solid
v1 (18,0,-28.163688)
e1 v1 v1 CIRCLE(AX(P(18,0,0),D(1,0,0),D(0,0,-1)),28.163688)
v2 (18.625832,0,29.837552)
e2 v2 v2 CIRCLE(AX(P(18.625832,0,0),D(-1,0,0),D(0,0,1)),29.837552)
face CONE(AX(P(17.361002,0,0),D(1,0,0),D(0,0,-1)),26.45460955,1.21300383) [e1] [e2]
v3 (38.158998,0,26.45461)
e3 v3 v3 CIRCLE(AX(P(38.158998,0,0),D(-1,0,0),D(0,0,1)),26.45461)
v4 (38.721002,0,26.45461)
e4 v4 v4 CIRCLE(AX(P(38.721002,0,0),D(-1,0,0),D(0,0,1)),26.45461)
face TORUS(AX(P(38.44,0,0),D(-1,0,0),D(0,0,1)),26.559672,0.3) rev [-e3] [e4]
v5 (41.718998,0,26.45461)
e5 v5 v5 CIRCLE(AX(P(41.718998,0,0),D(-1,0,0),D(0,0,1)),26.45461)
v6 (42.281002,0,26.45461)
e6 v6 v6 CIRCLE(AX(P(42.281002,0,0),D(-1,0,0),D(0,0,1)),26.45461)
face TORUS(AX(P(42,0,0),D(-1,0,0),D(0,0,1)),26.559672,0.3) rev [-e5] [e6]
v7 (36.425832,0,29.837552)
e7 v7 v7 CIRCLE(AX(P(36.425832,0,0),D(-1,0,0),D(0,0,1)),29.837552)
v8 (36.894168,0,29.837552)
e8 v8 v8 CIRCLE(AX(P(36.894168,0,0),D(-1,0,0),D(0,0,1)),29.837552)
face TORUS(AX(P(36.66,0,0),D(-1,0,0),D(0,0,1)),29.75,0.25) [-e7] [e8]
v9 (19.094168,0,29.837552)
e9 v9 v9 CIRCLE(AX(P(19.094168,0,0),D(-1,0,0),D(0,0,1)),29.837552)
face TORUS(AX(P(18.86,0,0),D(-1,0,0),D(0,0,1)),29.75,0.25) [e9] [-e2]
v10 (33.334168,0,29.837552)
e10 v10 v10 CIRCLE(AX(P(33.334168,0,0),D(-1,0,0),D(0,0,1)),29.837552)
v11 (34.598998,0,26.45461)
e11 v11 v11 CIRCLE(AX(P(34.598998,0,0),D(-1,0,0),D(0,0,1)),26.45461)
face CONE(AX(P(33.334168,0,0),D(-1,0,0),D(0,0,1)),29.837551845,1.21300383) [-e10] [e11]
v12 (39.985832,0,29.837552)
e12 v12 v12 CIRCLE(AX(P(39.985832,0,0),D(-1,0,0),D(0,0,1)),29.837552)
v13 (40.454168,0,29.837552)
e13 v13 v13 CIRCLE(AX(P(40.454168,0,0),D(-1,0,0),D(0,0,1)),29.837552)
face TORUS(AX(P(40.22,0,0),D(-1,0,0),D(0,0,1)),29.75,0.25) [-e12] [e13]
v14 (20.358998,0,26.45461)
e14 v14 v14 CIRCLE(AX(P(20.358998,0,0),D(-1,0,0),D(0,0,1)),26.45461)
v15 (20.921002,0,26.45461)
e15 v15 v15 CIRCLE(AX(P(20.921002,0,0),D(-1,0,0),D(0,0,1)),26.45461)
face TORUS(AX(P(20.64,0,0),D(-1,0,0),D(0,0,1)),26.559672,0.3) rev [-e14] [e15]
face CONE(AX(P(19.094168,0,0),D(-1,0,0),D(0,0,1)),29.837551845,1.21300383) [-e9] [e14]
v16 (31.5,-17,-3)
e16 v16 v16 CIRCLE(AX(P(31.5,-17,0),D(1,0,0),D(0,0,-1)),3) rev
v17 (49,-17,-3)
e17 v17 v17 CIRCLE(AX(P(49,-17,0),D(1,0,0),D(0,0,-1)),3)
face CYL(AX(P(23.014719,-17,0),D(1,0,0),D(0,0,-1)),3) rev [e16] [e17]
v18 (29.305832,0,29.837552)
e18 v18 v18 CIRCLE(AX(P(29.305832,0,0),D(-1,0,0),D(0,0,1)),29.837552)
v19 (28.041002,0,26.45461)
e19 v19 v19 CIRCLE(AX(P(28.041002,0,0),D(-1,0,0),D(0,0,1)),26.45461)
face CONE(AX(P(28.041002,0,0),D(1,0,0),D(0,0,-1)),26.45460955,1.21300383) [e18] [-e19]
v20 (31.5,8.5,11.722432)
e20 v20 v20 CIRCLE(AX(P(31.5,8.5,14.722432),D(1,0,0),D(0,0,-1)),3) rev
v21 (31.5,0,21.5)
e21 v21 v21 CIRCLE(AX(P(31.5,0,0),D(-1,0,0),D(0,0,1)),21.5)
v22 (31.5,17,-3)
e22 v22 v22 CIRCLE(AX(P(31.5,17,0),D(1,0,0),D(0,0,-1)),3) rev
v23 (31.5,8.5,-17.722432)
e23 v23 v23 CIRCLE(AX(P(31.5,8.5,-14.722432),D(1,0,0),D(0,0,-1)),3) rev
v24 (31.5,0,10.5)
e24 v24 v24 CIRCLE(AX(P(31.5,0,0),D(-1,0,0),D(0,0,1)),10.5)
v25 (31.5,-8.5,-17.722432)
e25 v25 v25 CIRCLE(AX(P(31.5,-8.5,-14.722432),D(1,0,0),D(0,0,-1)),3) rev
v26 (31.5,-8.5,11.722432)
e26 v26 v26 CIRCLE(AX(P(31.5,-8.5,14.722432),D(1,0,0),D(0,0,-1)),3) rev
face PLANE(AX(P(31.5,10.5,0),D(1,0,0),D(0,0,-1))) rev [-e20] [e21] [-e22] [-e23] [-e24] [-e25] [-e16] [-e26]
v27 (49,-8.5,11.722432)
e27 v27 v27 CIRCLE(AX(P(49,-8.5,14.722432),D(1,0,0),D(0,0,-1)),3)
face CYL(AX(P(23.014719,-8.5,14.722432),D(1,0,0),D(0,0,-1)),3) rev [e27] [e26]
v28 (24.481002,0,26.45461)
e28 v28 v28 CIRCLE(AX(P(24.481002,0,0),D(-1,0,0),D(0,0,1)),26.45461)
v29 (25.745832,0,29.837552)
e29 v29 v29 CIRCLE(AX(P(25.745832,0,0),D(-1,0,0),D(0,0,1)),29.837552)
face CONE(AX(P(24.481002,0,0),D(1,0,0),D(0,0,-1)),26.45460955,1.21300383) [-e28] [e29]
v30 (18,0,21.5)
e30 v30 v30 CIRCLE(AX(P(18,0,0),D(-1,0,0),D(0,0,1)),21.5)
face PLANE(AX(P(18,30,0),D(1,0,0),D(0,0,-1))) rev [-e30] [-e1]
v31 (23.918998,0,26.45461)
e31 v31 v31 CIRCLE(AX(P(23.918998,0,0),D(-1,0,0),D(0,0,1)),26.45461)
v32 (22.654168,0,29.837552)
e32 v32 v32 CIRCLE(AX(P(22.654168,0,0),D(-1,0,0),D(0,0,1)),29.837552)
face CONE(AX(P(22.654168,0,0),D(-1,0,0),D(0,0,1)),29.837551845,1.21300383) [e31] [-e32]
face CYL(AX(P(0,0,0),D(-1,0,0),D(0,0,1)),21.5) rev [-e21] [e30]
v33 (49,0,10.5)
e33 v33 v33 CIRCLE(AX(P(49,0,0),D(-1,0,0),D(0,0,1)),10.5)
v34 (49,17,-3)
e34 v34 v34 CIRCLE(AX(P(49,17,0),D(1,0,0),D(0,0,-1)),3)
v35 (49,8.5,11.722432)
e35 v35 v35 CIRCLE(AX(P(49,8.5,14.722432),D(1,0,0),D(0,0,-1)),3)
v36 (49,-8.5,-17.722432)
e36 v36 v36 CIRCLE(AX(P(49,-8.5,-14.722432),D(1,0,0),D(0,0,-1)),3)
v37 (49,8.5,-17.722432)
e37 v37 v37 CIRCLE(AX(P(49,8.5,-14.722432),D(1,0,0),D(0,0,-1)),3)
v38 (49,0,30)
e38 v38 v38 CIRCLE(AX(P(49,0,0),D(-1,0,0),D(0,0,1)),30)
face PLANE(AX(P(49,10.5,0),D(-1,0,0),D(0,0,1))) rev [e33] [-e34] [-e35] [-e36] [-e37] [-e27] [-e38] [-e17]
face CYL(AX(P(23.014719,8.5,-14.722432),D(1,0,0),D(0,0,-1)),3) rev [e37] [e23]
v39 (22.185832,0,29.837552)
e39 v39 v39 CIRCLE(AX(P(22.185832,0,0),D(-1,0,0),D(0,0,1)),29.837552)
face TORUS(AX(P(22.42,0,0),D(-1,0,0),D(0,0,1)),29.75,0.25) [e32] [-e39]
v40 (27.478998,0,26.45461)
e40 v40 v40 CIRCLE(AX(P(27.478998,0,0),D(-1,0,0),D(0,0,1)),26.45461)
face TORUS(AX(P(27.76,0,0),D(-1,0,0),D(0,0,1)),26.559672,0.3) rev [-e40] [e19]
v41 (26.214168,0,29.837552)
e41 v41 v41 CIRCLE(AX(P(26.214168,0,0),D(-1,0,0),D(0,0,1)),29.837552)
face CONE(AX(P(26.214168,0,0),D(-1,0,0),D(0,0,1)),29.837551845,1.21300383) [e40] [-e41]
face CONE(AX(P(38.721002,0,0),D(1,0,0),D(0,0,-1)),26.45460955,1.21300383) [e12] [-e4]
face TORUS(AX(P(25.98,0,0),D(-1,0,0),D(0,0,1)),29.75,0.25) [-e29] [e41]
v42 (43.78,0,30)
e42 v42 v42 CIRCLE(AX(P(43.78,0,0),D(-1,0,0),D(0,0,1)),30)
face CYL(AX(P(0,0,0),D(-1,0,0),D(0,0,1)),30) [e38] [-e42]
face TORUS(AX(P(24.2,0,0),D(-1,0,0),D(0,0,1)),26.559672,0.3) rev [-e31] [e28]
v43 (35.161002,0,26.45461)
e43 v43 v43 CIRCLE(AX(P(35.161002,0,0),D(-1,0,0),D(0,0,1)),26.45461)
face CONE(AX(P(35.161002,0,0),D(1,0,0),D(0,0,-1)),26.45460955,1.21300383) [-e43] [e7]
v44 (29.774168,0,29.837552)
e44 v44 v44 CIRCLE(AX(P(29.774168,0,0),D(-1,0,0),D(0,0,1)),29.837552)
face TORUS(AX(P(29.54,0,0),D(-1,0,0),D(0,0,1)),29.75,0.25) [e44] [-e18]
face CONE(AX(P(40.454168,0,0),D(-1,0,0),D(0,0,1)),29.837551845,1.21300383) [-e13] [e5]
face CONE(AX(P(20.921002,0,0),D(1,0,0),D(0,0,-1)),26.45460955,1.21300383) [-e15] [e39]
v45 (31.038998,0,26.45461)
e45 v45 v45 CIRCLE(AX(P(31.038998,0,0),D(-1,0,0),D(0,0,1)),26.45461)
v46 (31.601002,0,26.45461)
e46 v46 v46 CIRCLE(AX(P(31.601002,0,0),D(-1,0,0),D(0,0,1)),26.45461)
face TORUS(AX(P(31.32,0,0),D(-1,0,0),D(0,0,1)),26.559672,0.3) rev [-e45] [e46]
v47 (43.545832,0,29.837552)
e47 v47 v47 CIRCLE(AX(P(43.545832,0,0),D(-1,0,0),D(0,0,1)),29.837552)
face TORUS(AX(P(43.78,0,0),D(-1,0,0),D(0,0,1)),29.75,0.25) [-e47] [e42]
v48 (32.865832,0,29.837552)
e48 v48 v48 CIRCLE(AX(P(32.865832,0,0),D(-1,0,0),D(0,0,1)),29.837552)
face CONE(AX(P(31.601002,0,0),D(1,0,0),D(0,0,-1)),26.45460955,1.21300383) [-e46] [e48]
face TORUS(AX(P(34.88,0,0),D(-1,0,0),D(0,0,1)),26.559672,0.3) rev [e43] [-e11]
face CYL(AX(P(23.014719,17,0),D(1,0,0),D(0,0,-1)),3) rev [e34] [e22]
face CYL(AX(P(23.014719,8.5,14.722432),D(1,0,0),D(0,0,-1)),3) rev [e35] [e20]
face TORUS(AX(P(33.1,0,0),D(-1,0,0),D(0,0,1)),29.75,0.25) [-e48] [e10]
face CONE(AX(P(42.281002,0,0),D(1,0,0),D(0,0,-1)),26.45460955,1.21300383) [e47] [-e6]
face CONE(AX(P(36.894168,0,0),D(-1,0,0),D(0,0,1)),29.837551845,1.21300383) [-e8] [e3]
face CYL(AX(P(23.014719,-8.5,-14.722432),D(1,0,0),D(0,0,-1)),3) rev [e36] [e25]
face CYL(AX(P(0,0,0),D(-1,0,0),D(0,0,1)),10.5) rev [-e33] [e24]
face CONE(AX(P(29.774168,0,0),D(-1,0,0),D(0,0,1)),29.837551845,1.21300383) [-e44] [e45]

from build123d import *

# Parameters (mm, degrees)
LPATTERN1_COUNT    = 8
LPATTERN1_PITCH    = 3.56
SKETCH3_R          = 3
CUT_EXTRUDE1_DEPTH = 17.5


with BuildPart() as part:
    # Sketch1 → Revolve1 (revolve)
    with BuildSketch(Plane.XY, mode=Mode.PRIVATE) as revolve1_sk:
        Polygon((49, 10.5), (49, 30), (18, 30), (18, 21.5), (31.5, 21.5), (31.5, 10.5), align=None)
    revolve(revolve1_sk.sketch.rotate(Axis((0, 0, 0), (1, 0, 0)), 90), axis=Axis((0, 0, 0), (1, 0, 0)))

    # Sketch2 → Cut-Revolve1 (revolve, cut)
    with BuildSketch(Plane.XY, mode=Mode.PRIVATE) as cut_revolve1_sk:
        with BuildLine():
            Line((43.545831953, 29.837551845), (42.281001657, 26.45460955))
            ThreePointArc((42.281001657, 26.45460955), (42, 26.259671764), (41.718998343, 26.45460955))
            Line((41.718998343, 26.45460955), (40.454168047, 29.837551845))
            ThreePointArc((40.454168047, 29.837551845), (40.362499191, 29.955411734), (40.22, 30))
            Line((40.22, 30), (43.78, 30))
            ThreePointArc((43.78, 30), (43.637500809, 29.955411734), (43.545831953, 29.837551845))
        make_face()
    cut_revolve1 = revolve(cut_revolve1_sk.sketch.rotate(Axis((0, 0, 0), (1, 0, 0)), 90), axis=Axis((0, 0, 0), (1, 0, 0)), mode=Mode.SUBTRACT)

    # LPattern1: Cut-Revolve1 ×8
    with Locations(*[(-i * LPATTERN1_PITCH, 0, 0) for i in range(1, LPATTERN1_COUNT)]):
        add(cut_revolve1, mode=Mode.SUBTRACT)

    # Sketch3 → Cut-Extrude1 (cut)
    with BuildSketch(Plane(origin=(49, 0, 0), x_dir=(0, 0, -1), z_dir=(1, 0, 0))):
        with Locations((0, 17)):
            Circle(SKETCH3_R)
        with Locations((14.722431864, 8.5)):
            Circle(SKETCH3_R)
        with Locations((14.722431864, -8.5)):
            Circle(SKETCH3_R)
        with Locations((0, -17)):
            Circle(SKETCH3_R)
        with Locations((-14.722431864, -8.5)):
            Circle(SKETCH3_R)
        with Locations((-14.722431864, 8.5)):
            Circle(SKETCH3_R)
    extrude(amount=-CUT_EXTRUDE1_DEPTH, mode=Mode.SUBTRACT)


solid = part.part
